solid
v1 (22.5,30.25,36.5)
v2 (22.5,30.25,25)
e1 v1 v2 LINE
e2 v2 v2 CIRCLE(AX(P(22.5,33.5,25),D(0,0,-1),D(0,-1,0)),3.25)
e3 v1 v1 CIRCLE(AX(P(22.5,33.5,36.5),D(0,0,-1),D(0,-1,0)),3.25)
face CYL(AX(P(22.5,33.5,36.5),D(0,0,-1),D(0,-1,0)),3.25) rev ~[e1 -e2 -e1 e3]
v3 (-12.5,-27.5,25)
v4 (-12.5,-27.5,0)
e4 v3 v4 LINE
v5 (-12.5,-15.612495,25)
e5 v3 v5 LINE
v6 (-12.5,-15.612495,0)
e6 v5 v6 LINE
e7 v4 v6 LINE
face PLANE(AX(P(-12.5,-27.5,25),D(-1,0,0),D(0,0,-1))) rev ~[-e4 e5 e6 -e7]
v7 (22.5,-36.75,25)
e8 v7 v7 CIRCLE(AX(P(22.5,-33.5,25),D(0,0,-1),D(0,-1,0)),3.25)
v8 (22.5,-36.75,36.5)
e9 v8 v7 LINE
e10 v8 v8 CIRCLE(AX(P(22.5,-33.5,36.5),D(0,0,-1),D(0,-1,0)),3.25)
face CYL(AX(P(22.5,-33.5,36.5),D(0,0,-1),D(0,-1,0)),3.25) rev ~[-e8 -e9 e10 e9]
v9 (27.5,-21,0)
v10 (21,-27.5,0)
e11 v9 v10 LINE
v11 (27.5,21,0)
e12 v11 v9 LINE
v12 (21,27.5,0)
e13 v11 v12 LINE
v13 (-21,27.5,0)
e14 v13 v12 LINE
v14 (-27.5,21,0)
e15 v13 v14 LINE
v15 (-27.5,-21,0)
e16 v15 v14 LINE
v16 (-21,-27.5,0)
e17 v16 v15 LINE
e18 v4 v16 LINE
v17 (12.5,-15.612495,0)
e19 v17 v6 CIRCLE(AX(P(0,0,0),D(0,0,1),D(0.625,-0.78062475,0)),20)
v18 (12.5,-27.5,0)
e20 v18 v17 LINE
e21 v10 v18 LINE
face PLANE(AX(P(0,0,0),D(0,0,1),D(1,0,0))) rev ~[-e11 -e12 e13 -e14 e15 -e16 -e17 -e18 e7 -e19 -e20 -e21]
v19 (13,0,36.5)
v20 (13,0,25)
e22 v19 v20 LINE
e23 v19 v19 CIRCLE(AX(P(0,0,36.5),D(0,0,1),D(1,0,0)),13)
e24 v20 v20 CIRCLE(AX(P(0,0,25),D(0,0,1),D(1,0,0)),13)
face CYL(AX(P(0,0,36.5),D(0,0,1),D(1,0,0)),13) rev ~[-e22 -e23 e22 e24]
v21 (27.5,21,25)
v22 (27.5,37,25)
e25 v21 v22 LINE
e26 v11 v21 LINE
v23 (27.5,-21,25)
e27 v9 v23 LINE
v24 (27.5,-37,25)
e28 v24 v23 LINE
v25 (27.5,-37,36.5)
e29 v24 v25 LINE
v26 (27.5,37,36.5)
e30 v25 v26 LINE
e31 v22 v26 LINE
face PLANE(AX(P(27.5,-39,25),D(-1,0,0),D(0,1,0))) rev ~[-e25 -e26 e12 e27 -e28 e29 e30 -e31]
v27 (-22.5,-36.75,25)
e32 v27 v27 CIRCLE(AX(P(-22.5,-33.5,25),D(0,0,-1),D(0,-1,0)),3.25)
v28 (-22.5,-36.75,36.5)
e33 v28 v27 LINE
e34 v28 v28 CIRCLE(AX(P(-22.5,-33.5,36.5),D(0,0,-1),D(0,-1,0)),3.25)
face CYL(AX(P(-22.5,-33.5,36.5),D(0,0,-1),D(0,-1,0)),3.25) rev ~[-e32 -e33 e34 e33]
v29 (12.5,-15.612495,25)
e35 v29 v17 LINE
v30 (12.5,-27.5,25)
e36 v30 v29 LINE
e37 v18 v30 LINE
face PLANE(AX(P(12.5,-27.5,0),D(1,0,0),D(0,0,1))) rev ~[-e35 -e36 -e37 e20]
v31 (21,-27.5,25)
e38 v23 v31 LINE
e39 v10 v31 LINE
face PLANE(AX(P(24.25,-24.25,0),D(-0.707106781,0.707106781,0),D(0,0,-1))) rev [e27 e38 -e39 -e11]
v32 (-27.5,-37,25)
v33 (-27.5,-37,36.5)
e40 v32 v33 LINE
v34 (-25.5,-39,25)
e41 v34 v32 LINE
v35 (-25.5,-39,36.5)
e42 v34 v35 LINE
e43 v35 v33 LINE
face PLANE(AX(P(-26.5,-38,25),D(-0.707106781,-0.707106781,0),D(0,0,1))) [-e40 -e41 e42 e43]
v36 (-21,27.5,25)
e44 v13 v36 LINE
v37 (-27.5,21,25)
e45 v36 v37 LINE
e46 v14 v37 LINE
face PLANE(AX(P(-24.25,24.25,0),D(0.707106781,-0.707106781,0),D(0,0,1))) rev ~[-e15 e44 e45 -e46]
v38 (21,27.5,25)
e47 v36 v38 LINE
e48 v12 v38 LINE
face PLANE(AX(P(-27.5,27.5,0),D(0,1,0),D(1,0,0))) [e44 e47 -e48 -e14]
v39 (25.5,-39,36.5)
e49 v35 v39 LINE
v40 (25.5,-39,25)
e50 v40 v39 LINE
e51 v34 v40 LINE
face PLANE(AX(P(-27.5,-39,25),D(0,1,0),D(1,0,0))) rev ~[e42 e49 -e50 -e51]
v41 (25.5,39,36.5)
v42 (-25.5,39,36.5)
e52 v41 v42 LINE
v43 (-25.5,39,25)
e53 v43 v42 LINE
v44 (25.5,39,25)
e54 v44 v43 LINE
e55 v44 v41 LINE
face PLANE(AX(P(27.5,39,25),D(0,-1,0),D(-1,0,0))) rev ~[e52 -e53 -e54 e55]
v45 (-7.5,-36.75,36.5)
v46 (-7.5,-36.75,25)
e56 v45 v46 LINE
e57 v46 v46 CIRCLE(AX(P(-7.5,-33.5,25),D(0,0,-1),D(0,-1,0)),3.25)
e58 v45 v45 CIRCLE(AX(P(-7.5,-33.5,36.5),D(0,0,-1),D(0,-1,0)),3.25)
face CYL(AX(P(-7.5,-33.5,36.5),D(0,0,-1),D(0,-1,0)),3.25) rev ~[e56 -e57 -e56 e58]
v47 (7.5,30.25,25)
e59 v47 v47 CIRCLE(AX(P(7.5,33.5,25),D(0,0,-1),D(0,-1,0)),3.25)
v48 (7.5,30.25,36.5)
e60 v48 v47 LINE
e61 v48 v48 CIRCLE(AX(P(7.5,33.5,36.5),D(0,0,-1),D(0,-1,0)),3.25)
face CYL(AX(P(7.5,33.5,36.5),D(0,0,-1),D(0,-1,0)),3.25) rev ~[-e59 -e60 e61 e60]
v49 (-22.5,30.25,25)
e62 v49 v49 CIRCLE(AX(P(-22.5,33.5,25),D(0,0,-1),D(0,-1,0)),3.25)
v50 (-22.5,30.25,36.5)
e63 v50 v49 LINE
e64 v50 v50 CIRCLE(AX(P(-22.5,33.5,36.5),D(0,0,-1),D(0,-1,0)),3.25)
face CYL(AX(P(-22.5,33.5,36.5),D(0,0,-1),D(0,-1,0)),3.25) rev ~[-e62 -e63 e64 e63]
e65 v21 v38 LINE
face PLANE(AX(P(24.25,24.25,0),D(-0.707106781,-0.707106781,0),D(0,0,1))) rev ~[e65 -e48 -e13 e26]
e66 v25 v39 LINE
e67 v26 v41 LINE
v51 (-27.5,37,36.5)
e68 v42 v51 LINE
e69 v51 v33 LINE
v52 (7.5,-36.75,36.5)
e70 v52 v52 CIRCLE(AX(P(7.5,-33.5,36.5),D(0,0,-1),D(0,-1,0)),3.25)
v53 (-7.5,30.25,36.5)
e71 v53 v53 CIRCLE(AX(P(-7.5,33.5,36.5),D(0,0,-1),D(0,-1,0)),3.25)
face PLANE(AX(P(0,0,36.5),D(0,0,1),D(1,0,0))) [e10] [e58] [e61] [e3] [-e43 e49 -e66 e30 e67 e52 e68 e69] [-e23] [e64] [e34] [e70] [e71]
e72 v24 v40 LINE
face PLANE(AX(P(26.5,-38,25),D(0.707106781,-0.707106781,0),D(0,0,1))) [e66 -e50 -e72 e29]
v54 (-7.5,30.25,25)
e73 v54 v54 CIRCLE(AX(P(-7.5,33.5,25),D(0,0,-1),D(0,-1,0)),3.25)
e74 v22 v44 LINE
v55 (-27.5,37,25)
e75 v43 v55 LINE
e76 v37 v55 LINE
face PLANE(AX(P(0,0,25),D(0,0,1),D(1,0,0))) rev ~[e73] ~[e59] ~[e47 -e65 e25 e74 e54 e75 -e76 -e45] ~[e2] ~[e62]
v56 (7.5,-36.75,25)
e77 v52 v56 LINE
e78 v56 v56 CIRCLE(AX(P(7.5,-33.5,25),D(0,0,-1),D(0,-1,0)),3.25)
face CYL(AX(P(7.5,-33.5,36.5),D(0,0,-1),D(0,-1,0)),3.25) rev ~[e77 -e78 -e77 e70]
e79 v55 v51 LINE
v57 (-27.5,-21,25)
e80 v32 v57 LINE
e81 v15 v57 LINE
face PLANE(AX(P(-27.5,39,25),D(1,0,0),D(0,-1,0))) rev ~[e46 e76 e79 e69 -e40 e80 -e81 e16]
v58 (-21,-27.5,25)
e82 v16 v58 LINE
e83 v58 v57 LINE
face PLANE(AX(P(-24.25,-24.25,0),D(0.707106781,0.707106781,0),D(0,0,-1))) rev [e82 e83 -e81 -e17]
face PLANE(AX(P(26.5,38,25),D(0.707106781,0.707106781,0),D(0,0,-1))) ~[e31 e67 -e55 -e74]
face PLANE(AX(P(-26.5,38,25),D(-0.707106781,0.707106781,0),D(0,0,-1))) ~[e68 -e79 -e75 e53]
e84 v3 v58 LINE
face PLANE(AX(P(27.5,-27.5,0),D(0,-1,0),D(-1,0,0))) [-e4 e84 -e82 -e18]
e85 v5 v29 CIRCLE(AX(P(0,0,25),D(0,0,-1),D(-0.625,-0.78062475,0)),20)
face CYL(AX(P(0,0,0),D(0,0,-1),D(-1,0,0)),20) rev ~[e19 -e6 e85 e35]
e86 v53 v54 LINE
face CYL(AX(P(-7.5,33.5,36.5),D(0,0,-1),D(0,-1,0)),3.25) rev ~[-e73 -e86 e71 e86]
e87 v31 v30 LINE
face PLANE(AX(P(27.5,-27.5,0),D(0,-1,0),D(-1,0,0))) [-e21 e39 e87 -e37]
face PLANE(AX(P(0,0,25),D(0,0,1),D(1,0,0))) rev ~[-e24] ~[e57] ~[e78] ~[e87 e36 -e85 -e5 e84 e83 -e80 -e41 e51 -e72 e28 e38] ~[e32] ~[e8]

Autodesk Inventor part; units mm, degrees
ref_plane "YZ Plane" through (0, 0, 0) normal (1, 0, 0) x (0, 1, 0)
ref_plane "XZ Plane" through (0, 0, 0) normal (0, 1, 0) x (-1, 0, 0)
ref_plane "XY Plane" through (0, 0, 0) normal (0, 0, 1) x (1, 0, 0)
sketch "Sketch1" plane through (0, 0, 0) normal (0, 0, 1) x (1, 0, 0)
  line L0 (-27.5, 27.5) -> (27.5, 27.5)
  line L1 (27.5, 27.5) -> (27.5, -27.5)
  line L2 (27.5, -27.5) -> (-27.5, -27.5)
  line L3 (-27.5, -27.5) -> (-27.5, 27.5)
  line L4 (-27.5, 27.5) -> (27.5, -27.5) construction
  line L5 (27.5, 27.5) -> (-27.5, -27.5) construction
  point P0 (0, 0)
  dimension "d0" = 55
  dimension "d1" = 55
extrude "Extrusion1" add sketch "Sketch1" along normal blind 25
sketch "Sketch2" plane through (0, 0, 25) normal (0, 0, 1) x (1, 0, 0)
  line L0 (27.5, 39) -> (-27.5, 39)
  line L1 (-27.5, 39) -> (-27.5, -39)
  line L2 (-27.5, -39) -> (27.5, -39)
  line L3 (27.5, -39) -> (27.5, 39)
  line L4 (27.5, 39) -> (-27.5, -39) construction
  line L5 (-27.5, 39) -> (27.5, -39) construction
  point P0 (0, 0)
  dimension "d4" = 55
  dimension "d5" = 78
extrude "Extrusion2" add sketch "Sketch2" along normal blind 11.5
sketch "Sketch3" plane through (0, 0, 36.5) normal (0, 0, 1) x (1, 0, 0)
  circle A0 centre (0, 0) radius 13
extrude "Extrusion3" cut sketch "Sketch3" against normal through all
sketch "Sketch4" plane through (0, 0, 36.5) normal (0, 0, 1) x (1, 0, 0)
  line L0 (27.5, -39) -> (27.5, 39) projected
  line L1 (27.5, 39) -> (-27.5, 39) projected
  line L2 (-27.5, 39) -> (-27.5, -39) projected
  line L3 (-27.5, -39) -> (27.5, -39) projected
  point P0 (0, 0)
  point P1 (22.5, 33.5)
  point P2 (22.5, -33.5)
  point P3 (7.5, 33.5)
  point P4 (7.5, -33.5)
  point P5 (-7.5, 33.5)
  point P6 (-7.5, -33.5)
  point P7 (-22.5, 33.5)
  point P8 (-22.5, -33.5)
  dimension "d10" = 5
  dimension "d11" = 5.5
  dimension "d14" = 67
  dimension "d17" = 15
  dimension "d20" = 5
  dimension "d21" = 5.5
hole "Hole1" at (22.5, 33.5, 36.5) at (22.5, -33.5, 36.5) at (7.5, 33.5, 36.5) at (7.5, -33.5, 36.5) at (-7.5, 33.5, 36.5) at (-7.5, -33.5, 36.5) at (-22.5, 33.5, 36.5) at (-22.5, -33.5, 36.5) direction (0, 0, -1) diameter 6.5 end through all
sketch "Sketch6" plane through (0, 0, 0) normal (0, 0, -1) x (-1, 0, 0)
  circle A0 centre (0, 0) radius 20
  dimension "d40" = 40
extrude "Extrusion5" cut sketch "Sketch6" against normal blind 25
chamfer "Chamfer1" distance 6.5 angle 45 4 edges at (27.5, -27.5, 12.5) (-27.5, -27.5, 12.5) (-27.5, 27.5, 12.5) (27.5, 27.5, 12.5)
chamfer "Chamfer2" distance 2 angle 45 4 edges at (27.5, -39, 30.75) (-27.5, -39, 30.75) (27.5, 39, 30.75) (-27.5, 39, 30.75)
sketch "Sketch5" plane through (-21, -27.5, 0) normal (0, -1, 0) x (1, 0, 0)
  line L0 (42, 0) -> (0, 0) projected
  line L1 (0, 25) -> (42, 25) projected
  line L2 (8.5, 0) -> (33.5, 0)
  line L3 (33.5, 0) -> (33.5, 25)
  line L4 (33.5, 25) -> (8.5, 25)
  line L5 (8.5, 25) -> (8.5, 0)
  point P0 (21, 0)
  dimension "d35" = 25
  dimension "d36" = 12.5
  dimension "d37" = 12.5
extrude "Extrusion4" cut sketch "Sketch5" against normal blind 28
equation "\"d4\" = d0"
properties part number "Y-servo-flange" material "Aluminum 6061-AHC"
